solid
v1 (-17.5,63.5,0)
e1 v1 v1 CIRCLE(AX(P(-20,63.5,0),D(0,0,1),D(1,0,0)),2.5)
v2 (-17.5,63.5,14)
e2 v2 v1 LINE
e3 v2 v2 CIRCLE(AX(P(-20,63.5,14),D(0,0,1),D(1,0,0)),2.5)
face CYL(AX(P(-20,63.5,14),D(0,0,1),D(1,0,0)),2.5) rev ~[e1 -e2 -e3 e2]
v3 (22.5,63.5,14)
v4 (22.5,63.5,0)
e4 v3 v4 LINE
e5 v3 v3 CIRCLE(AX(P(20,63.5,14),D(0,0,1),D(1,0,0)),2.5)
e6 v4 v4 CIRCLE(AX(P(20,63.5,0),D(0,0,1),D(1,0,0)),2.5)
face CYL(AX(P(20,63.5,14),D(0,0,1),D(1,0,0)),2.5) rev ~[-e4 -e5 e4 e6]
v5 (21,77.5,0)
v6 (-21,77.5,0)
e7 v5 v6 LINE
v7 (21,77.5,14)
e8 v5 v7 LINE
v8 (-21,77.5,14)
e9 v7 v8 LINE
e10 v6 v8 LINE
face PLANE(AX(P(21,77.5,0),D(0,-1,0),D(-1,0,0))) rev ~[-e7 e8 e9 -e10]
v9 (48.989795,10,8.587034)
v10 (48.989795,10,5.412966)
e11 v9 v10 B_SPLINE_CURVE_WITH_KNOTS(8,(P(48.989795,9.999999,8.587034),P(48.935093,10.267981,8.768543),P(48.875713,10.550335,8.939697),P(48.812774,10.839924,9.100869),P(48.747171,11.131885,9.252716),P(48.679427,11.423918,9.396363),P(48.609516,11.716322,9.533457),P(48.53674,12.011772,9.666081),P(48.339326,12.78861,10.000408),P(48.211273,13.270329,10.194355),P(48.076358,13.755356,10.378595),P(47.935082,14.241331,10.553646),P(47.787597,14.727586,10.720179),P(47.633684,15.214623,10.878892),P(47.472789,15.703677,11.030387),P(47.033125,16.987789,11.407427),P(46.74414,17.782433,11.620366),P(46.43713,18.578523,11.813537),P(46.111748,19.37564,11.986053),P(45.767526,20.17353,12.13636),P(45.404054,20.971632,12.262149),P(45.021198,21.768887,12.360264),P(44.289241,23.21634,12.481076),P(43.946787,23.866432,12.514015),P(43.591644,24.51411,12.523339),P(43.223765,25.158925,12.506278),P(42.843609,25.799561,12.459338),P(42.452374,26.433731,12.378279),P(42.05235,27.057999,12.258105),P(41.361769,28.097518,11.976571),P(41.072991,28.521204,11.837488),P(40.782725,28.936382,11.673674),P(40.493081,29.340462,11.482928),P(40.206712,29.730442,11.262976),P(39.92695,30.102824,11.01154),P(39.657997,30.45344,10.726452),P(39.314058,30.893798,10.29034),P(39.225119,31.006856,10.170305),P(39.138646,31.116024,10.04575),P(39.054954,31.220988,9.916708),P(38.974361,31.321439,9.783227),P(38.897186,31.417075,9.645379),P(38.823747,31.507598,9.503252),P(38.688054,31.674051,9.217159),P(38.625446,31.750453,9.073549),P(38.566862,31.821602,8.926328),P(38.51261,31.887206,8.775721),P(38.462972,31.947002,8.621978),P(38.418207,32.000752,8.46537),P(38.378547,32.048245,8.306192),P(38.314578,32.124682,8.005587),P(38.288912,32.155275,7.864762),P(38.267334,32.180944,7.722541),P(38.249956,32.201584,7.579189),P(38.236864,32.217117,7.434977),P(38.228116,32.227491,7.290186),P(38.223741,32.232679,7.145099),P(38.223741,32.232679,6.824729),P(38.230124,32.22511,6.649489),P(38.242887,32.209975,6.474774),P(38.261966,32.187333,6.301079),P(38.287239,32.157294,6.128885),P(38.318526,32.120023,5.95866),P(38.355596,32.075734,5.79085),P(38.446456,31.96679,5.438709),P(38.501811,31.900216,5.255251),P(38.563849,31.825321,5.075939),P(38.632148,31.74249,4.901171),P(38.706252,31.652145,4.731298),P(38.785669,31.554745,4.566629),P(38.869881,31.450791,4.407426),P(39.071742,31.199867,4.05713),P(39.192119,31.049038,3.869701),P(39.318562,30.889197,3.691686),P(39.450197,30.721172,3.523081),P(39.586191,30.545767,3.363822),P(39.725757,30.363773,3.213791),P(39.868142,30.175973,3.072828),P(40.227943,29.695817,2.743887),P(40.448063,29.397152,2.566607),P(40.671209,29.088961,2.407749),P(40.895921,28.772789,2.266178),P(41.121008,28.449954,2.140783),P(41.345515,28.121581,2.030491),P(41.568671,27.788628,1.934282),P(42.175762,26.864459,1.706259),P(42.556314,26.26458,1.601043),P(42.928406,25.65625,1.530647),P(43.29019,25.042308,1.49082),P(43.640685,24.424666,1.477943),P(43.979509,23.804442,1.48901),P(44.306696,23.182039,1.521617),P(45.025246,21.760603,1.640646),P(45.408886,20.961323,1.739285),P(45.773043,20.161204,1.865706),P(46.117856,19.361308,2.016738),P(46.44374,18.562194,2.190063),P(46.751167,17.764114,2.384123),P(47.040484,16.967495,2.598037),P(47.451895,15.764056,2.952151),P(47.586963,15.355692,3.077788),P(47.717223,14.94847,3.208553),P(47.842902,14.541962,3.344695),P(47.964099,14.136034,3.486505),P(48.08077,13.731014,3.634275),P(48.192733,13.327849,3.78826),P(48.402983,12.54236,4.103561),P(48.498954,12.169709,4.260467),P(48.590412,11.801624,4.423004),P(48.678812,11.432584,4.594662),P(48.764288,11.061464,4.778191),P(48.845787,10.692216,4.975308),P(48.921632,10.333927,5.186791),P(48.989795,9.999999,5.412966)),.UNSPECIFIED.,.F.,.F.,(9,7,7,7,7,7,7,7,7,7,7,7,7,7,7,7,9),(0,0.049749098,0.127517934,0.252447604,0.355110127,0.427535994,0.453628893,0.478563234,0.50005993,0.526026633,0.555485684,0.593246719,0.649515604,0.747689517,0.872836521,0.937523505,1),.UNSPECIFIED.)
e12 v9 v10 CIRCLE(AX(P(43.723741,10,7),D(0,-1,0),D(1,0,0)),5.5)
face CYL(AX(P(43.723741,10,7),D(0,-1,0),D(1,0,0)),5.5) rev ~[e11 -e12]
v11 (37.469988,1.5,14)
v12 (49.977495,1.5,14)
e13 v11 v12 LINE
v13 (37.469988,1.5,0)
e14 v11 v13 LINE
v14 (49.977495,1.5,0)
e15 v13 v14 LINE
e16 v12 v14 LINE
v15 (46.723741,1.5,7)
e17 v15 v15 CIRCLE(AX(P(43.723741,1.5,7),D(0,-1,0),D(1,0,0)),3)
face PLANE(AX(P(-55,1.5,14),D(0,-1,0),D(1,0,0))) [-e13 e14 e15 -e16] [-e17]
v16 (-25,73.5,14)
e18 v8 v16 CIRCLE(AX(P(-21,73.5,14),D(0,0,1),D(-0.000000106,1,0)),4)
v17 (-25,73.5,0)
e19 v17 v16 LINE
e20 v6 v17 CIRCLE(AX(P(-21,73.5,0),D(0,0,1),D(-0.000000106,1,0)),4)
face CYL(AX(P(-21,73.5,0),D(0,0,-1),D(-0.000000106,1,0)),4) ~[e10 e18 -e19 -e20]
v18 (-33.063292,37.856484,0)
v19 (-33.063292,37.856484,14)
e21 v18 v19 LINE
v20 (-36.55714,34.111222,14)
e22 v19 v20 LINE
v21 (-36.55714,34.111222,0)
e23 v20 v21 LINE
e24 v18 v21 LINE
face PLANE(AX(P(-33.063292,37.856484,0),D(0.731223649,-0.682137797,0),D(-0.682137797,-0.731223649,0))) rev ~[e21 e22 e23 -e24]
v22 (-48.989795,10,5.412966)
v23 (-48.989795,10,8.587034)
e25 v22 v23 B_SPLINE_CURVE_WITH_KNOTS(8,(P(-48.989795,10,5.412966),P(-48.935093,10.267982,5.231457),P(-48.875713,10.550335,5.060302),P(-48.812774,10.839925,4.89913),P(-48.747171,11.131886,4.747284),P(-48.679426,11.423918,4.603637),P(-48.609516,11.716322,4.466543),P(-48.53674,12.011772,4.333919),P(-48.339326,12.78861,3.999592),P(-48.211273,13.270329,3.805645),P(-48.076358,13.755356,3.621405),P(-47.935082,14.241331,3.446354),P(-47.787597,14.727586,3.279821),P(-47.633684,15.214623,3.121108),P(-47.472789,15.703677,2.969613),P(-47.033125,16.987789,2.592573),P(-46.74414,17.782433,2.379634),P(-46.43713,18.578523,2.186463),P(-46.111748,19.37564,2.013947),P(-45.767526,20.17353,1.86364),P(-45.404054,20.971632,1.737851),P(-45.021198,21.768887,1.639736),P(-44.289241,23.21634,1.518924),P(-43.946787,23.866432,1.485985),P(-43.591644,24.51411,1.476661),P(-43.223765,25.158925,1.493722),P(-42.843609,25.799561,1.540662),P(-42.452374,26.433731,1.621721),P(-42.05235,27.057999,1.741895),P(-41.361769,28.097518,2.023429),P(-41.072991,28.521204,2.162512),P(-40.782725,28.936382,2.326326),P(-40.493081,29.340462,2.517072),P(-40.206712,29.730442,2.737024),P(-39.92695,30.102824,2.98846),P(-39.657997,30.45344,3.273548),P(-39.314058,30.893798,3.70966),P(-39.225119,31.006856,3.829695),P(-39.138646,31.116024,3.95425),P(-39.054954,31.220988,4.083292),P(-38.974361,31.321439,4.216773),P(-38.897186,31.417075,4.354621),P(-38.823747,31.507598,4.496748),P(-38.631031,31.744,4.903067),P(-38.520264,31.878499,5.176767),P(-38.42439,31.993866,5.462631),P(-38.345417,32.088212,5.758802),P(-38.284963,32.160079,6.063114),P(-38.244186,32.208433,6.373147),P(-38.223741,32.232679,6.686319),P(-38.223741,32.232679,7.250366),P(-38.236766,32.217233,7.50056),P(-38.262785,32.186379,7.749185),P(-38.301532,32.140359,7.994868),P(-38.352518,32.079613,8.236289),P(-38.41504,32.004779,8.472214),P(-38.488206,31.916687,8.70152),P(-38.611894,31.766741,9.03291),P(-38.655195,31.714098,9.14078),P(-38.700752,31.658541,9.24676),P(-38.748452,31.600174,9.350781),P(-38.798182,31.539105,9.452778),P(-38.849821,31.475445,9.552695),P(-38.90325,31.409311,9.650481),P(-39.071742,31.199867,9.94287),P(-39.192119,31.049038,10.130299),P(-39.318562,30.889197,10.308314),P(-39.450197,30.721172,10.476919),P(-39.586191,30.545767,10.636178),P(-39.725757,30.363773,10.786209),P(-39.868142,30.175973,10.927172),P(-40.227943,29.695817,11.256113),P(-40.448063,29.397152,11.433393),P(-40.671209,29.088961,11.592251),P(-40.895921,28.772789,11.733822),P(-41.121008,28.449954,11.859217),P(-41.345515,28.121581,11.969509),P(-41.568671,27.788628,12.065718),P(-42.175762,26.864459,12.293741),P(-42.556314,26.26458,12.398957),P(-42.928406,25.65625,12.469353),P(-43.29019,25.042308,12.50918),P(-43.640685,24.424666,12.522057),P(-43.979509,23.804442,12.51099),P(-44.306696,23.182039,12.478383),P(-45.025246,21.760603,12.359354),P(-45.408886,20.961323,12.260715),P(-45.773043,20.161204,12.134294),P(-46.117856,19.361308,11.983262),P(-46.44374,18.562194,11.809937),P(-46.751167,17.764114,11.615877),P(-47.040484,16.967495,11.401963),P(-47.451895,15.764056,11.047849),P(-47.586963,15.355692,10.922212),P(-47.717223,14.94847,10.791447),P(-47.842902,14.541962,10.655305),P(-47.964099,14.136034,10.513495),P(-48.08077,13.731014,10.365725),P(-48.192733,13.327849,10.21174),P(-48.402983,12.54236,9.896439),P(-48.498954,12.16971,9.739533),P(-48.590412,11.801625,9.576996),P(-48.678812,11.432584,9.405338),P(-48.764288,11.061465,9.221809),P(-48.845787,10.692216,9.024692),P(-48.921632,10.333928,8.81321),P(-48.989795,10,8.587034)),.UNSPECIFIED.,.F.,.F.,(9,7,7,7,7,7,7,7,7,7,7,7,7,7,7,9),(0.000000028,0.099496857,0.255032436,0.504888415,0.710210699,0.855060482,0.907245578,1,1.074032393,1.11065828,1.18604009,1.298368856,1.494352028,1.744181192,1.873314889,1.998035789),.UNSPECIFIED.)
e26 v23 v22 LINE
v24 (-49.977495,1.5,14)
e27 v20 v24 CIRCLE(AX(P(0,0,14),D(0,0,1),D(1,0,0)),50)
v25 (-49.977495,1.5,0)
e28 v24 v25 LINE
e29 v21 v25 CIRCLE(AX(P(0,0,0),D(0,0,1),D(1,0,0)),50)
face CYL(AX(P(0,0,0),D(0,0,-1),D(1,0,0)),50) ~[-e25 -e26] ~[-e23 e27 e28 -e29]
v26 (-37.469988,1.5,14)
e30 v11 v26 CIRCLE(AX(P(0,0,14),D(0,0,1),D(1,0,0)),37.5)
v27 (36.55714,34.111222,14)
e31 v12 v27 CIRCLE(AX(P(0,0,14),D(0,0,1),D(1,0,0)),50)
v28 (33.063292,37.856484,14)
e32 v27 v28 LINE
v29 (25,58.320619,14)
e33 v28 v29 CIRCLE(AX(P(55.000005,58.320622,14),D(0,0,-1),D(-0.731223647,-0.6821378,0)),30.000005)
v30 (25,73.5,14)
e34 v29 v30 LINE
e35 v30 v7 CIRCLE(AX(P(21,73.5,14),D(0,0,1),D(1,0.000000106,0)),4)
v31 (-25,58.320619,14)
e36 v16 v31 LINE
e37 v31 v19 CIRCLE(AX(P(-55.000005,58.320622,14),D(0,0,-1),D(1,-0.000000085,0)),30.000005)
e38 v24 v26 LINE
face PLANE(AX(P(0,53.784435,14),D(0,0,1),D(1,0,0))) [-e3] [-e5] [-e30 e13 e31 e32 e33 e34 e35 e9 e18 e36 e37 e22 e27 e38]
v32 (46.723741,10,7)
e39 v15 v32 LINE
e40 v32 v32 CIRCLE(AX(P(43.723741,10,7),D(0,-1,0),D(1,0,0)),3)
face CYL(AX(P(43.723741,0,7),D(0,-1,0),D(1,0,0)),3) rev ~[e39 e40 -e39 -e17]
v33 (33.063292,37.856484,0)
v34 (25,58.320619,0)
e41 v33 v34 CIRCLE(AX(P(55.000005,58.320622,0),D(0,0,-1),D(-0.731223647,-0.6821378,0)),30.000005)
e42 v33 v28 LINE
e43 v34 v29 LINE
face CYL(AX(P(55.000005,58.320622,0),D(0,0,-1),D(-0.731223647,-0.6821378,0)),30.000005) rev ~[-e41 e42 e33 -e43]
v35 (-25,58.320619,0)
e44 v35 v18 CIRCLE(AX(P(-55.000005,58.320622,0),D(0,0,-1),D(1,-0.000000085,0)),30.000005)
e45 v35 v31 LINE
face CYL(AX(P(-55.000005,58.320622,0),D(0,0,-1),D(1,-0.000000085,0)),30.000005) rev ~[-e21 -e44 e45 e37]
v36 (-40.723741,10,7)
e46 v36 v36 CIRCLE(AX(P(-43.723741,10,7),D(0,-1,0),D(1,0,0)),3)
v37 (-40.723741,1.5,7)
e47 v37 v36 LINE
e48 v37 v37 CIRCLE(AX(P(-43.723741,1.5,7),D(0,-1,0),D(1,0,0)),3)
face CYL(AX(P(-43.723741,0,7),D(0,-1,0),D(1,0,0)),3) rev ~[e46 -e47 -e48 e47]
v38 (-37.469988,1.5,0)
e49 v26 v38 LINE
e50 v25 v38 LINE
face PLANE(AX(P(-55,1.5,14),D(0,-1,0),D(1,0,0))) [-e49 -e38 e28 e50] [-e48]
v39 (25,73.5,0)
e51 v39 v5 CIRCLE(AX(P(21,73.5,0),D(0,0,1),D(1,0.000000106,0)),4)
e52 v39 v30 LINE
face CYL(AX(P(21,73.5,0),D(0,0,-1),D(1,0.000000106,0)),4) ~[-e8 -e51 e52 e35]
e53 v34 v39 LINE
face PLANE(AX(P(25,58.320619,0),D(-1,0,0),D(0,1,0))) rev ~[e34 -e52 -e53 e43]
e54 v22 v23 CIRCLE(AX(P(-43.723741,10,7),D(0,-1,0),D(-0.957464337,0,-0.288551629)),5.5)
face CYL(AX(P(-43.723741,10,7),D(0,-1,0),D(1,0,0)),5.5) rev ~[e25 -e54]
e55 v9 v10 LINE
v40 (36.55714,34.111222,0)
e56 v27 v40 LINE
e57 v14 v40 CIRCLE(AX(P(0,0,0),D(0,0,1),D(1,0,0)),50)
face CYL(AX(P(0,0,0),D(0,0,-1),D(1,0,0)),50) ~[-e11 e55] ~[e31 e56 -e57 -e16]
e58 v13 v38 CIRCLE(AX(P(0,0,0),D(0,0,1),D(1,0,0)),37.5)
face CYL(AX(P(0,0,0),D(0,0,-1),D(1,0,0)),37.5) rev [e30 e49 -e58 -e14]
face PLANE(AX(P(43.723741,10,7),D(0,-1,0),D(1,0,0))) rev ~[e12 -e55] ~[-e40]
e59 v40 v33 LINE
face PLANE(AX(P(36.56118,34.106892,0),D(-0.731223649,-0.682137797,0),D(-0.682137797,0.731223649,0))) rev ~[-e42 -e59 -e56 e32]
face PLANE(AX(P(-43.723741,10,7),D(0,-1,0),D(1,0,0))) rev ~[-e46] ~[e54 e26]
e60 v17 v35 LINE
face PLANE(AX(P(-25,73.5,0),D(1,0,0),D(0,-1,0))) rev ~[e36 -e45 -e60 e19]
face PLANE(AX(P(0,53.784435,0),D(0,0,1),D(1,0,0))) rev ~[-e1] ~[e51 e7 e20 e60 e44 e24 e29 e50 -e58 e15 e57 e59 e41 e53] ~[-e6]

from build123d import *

# Parameters (mm, degrees)
F0_R      = 50
F0_R_2    = 37.5
F1_DEPTH  = 14
F2_W      = 110
F2_H      = 64.89666
F3_DEPTH  = 14.001
F4_R      = 3
F5_DEPTH  = 50.001
F7_R      = 5.5
F8_DEPTH  = 25
F10_DEPTH = 14
F11_R     = 2.5
F12_DEPTH = 14.001


with BuildPart() as f1:
    # F0 (on Top) → F1 (new body)
    with BuildSketch(Plane.XY):
        Circle(F0_R)
        Circle(F0_R_2, mode=Mode.SUBTRACT)
    extrude(amount=F1_DEPTH)

    # F2 (on face) → F3 (cut, through all)
    with BuildSketch(Plane.XY.offset(14)):
        with Locations((0, -30.94833)):
            Rectangle(F2_W, F2_H)
    extrude(amount=-F3_DEPTH, mode=Mode.SUBTRACT)

    # F4 (on Front) → F5 (cut, through all)
    with BuildSketch(Plane.XZ):
        with Locations((-43.723741, 7)):
            Circle(F4_R)
        with Locations((43.723741, 7)):
            Circle(F4_R)
    extrude(amount=-F5_DEPTH, mode=Mode.SUBTRACT)

    # F7 (on offset) → F8 (cut)
    with BuildSketch(Plane.XZ.offset(-10)):
        with Locations((43.723741, 7)):
            Circle(F7_R)
        with Locations((-43.723741, 7)):
            Circle(F7_R)
    extrude(amount=-F8_DEPTH, mode=Mode.SUBTRACT)

    # F9 (on Top) → F10 (join, through all)
    with BuildSketch(Plane.XY):
        with BuildLine():
            ThreePointArc((25, 73.5), (23.828427, 76.328427), (21, 77.5))
            Line((21, 77.5), (-21, 77.5))
            ThreePointArc((-21, 77.5), (-23.828427, 76.328427), (-25, 73.5))
            Line((-25, 73.5), (-25, 58.320619))
            ThreePointArc((-25, 58.320619), (-27.088522, 47.322921), (-33.063292, 37.856484))
            Line((-33.063292, 37.856484), (-36.56118, 34.106892))
            Line((-36.56118, 34.106892), (0, 41.856416))
            Line((0, 41.856416), (36.56118, 34.106892))
            Line((36.56118, 34.106892), (33.063292, 37.856484))
            ThreePointArc((33.063292, 37.856484), (27.088522, 47.322921), (25, 58.320619))
            Line((25, 58.320619), (25, 73.5))
        make_face()
    extrude(amount=F10_DEPTH)

    # F11 (on face) → F12 (cut, through all)
    with BuildSketch(Plane.XY.offset(14)):
        with Locations((-20, 63.5)):
            Circle(F11_R)
        with Locations((20, 63.5)):
            Circle(F11_R)
    extrude(amount=-F12_DEPTH, mode=Mode.SUBTRACT)


solid = f1.part
